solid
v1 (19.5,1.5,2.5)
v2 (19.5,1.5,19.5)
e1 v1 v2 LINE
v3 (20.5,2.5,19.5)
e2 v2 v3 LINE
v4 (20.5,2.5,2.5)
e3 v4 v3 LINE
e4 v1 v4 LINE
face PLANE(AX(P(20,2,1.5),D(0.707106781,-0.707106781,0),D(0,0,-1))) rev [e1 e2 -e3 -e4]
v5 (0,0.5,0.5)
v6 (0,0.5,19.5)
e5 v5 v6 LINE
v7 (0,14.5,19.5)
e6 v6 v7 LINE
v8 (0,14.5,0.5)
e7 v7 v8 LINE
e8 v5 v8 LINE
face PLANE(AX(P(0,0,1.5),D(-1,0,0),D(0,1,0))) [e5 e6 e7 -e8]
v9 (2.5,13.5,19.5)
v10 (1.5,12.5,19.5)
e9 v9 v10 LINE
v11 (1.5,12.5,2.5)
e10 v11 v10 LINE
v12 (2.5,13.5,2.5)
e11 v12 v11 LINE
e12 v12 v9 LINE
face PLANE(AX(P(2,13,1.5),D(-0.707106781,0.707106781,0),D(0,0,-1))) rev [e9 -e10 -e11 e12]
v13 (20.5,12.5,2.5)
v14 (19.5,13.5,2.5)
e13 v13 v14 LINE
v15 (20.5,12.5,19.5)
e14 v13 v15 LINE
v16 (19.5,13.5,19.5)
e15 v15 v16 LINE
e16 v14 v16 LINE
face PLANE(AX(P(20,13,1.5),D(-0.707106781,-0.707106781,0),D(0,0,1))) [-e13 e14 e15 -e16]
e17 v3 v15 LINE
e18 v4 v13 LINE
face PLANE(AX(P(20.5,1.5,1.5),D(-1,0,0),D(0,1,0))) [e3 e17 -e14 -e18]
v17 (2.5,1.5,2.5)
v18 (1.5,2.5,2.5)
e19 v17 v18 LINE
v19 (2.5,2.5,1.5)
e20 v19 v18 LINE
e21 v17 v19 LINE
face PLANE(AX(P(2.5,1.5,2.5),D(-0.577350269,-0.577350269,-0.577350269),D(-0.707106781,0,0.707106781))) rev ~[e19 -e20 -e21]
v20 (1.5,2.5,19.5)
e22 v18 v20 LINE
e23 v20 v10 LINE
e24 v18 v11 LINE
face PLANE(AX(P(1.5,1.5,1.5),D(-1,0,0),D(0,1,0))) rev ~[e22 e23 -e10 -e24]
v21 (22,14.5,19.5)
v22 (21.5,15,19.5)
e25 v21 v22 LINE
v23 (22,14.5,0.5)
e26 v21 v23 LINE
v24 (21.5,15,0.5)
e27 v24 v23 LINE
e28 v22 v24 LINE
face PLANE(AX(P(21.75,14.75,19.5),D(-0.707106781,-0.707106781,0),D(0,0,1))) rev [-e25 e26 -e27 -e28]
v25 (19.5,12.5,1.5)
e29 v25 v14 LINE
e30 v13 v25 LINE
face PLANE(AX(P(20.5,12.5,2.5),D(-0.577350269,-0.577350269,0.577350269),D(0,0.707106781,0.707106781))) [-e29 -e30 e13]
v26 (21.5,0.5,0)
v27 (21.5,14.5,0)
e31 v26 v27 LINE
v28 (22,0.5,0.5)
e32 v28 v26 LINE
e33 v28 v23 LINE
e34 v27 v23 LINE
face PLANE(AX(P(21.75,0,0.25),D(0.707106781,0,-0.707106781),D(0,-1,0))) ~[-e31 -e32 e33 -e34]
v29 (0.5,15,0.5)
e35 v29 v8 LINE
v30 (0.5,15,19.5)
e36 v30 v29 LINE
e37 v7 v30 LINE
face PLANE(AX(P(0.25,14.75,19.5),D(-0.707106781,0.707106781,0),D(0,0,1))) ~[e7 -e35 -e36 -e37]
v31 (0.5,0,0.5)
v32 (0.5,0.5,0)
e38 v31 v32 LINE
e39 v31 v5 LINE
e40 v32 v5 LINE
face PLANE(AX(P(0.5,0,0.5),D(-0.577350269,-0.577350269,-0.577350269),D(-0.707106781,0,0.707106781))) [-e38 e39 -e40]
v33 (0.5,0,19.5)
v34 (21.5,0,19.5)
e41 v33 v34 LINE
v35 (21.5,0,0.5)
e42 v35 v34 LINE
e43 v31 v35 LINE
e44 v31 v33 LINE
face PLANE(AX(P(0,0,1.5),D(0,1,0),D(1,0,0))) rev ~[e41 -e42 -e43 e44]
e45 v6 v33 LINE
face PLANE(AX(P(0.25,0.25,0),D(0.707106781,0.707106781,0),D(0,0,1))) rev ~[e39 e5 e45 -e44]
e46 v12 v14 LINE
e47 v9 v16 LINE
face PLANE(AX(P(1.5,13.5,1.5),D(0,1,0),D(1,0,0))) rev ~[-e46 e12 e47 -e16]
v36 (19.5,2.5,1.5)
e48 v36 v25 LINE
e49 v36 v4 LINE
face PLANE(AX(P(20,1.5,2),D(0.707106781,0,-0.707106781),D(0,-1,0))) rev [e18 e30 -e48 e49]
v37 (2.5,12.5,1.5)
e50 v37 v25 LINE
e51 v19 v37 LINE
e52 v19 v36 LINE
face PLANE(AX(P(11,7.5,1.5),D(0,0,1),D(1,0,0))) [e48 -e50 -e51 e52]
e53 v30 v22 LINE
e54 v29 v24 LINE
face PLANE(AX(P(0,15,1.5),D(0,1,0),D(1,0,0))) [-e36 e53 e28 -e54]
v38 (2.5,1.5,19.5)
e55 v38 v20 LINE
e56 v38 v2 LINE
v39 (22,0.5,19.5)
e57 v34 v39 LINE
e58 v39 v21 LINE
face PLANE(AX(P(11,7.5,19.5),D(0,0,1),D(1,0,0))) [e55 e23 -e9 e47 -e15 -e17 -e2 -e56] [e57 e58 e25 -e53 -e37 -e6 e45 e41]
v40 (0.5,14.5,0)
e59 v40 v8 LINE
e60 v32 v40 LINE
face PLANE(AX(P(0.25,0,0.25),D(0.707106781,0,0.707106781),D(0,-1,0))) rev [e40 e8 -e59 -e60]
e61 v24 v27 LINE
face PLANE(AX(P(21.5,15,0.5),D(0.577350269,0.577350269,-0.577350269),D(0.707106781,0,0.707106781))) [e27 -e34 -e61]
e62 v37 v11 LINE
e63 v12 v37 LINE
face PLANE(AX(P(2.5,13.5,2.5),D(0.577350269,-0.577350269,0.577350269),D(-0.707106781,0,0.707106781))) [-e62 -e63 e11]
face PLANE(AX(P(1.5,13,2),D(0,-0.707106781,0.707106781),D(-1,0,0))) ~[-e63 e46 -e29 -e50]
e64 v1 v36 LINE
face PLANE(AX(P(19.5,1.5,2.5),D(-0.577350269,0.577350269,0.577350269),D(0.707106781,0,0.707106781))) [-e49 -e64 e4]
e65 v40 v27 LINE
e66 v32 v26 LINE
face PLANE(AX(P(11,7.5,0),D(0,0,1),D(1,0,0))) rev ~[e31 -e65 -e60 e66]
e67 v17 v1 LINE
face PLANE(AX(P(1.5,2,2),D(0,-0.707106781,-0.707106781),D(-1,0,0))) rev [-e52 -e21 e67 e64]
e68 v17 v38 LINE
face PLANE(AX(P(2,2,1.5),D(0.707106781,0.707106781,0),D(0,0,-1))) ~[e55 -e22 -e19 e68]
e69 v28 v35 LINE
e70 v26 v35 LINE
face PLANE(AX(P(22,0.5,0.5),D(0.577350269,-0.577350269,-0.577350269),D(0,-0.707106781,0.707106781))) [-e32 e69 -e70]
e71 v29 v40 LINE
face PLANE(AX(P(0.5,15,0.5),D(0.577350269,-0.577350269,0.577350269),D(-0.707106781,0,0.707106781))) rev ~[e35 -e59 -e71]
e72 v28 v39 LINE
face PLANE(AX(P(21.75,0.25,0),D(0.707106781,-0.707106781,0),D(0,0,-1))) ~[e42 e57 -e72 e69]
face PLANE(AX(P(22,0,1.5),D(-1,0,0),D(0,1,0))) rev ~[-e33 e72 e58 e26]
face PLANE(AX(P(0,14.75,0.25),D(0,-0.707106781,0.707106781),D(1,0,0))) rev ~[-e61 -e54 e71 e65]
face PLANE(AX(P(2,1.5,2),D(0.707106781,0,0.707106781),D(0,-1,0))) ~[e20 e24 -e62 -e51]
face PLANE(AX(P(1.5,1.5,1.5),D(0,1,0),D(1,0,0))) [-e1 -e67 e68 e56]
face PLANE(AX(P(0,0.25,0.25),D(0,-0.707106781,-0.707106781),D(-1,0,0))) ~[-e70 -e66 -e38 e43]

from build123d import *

# Parameters (mm, degrees)
F0_W     = 22
F0_H     = 15
F1_DEPTH = 1.5
F2_W     = 22
F2_H     = 15
F2_W_2   = 19
F2_H_2   = 12
F3_DEPTH = 18
F4_SIZE  = 0.5
F5_SIZE  = 1


with BuildPart() as f1:
    # F0 (on Top) → F1 (new body)
    with BuildSketch(Plane.XY):
        with Locations((11, 7.5)):
            Rectangle(F0_W, F0_H)
    extrude(amount=F1_DEPTH)

    # F2 (on face) → F3 (join)
    with BuildSketch(Plane.XY.offset(1.5)):
        with Locations((11, 7.5)):
            Rectangle(F2_W, F2_H)
        with Locations((11, 7.5)):
            Rectangle(F2_W_2, F2_H_2, mode=Mode.SUBTRACT)
    extrude(amount=F3_DEPTH)

    # F4
    f4_edges = [f1.edges().sort_by_distance(p)[0] for p in [
        (0, 7.5, 0),
        (11, 0, 0),
        (22, 7.5, 0),
        (11, 15, 0),
        (22, 0, 9.75),
        (22, 15, 9.75),
        (0, 0, 9.75),
        (0, 15, 9.75),
    ]]
    chamfer(f4_edges, length=F4_SIZE)

    # F5
    f5_edges = [f1.edges().sort_by_distance(p)[0] for p in [
        (1.5, 7.5, 1.5),
        (11, 13.5, 1.5),
        (20.5, 7.5, 1.5),
        (11, 1.5, 1.5),
        (20.5, 13.5, 10.5),
        (1.5, 13.5, 10.5),
        (1.5, 1.5, 10.5),
        (20.5, 1.5, 10.5),
    ]]
    chamfer(f5_edges, length=F5_SIZE)


solid = f1.part
